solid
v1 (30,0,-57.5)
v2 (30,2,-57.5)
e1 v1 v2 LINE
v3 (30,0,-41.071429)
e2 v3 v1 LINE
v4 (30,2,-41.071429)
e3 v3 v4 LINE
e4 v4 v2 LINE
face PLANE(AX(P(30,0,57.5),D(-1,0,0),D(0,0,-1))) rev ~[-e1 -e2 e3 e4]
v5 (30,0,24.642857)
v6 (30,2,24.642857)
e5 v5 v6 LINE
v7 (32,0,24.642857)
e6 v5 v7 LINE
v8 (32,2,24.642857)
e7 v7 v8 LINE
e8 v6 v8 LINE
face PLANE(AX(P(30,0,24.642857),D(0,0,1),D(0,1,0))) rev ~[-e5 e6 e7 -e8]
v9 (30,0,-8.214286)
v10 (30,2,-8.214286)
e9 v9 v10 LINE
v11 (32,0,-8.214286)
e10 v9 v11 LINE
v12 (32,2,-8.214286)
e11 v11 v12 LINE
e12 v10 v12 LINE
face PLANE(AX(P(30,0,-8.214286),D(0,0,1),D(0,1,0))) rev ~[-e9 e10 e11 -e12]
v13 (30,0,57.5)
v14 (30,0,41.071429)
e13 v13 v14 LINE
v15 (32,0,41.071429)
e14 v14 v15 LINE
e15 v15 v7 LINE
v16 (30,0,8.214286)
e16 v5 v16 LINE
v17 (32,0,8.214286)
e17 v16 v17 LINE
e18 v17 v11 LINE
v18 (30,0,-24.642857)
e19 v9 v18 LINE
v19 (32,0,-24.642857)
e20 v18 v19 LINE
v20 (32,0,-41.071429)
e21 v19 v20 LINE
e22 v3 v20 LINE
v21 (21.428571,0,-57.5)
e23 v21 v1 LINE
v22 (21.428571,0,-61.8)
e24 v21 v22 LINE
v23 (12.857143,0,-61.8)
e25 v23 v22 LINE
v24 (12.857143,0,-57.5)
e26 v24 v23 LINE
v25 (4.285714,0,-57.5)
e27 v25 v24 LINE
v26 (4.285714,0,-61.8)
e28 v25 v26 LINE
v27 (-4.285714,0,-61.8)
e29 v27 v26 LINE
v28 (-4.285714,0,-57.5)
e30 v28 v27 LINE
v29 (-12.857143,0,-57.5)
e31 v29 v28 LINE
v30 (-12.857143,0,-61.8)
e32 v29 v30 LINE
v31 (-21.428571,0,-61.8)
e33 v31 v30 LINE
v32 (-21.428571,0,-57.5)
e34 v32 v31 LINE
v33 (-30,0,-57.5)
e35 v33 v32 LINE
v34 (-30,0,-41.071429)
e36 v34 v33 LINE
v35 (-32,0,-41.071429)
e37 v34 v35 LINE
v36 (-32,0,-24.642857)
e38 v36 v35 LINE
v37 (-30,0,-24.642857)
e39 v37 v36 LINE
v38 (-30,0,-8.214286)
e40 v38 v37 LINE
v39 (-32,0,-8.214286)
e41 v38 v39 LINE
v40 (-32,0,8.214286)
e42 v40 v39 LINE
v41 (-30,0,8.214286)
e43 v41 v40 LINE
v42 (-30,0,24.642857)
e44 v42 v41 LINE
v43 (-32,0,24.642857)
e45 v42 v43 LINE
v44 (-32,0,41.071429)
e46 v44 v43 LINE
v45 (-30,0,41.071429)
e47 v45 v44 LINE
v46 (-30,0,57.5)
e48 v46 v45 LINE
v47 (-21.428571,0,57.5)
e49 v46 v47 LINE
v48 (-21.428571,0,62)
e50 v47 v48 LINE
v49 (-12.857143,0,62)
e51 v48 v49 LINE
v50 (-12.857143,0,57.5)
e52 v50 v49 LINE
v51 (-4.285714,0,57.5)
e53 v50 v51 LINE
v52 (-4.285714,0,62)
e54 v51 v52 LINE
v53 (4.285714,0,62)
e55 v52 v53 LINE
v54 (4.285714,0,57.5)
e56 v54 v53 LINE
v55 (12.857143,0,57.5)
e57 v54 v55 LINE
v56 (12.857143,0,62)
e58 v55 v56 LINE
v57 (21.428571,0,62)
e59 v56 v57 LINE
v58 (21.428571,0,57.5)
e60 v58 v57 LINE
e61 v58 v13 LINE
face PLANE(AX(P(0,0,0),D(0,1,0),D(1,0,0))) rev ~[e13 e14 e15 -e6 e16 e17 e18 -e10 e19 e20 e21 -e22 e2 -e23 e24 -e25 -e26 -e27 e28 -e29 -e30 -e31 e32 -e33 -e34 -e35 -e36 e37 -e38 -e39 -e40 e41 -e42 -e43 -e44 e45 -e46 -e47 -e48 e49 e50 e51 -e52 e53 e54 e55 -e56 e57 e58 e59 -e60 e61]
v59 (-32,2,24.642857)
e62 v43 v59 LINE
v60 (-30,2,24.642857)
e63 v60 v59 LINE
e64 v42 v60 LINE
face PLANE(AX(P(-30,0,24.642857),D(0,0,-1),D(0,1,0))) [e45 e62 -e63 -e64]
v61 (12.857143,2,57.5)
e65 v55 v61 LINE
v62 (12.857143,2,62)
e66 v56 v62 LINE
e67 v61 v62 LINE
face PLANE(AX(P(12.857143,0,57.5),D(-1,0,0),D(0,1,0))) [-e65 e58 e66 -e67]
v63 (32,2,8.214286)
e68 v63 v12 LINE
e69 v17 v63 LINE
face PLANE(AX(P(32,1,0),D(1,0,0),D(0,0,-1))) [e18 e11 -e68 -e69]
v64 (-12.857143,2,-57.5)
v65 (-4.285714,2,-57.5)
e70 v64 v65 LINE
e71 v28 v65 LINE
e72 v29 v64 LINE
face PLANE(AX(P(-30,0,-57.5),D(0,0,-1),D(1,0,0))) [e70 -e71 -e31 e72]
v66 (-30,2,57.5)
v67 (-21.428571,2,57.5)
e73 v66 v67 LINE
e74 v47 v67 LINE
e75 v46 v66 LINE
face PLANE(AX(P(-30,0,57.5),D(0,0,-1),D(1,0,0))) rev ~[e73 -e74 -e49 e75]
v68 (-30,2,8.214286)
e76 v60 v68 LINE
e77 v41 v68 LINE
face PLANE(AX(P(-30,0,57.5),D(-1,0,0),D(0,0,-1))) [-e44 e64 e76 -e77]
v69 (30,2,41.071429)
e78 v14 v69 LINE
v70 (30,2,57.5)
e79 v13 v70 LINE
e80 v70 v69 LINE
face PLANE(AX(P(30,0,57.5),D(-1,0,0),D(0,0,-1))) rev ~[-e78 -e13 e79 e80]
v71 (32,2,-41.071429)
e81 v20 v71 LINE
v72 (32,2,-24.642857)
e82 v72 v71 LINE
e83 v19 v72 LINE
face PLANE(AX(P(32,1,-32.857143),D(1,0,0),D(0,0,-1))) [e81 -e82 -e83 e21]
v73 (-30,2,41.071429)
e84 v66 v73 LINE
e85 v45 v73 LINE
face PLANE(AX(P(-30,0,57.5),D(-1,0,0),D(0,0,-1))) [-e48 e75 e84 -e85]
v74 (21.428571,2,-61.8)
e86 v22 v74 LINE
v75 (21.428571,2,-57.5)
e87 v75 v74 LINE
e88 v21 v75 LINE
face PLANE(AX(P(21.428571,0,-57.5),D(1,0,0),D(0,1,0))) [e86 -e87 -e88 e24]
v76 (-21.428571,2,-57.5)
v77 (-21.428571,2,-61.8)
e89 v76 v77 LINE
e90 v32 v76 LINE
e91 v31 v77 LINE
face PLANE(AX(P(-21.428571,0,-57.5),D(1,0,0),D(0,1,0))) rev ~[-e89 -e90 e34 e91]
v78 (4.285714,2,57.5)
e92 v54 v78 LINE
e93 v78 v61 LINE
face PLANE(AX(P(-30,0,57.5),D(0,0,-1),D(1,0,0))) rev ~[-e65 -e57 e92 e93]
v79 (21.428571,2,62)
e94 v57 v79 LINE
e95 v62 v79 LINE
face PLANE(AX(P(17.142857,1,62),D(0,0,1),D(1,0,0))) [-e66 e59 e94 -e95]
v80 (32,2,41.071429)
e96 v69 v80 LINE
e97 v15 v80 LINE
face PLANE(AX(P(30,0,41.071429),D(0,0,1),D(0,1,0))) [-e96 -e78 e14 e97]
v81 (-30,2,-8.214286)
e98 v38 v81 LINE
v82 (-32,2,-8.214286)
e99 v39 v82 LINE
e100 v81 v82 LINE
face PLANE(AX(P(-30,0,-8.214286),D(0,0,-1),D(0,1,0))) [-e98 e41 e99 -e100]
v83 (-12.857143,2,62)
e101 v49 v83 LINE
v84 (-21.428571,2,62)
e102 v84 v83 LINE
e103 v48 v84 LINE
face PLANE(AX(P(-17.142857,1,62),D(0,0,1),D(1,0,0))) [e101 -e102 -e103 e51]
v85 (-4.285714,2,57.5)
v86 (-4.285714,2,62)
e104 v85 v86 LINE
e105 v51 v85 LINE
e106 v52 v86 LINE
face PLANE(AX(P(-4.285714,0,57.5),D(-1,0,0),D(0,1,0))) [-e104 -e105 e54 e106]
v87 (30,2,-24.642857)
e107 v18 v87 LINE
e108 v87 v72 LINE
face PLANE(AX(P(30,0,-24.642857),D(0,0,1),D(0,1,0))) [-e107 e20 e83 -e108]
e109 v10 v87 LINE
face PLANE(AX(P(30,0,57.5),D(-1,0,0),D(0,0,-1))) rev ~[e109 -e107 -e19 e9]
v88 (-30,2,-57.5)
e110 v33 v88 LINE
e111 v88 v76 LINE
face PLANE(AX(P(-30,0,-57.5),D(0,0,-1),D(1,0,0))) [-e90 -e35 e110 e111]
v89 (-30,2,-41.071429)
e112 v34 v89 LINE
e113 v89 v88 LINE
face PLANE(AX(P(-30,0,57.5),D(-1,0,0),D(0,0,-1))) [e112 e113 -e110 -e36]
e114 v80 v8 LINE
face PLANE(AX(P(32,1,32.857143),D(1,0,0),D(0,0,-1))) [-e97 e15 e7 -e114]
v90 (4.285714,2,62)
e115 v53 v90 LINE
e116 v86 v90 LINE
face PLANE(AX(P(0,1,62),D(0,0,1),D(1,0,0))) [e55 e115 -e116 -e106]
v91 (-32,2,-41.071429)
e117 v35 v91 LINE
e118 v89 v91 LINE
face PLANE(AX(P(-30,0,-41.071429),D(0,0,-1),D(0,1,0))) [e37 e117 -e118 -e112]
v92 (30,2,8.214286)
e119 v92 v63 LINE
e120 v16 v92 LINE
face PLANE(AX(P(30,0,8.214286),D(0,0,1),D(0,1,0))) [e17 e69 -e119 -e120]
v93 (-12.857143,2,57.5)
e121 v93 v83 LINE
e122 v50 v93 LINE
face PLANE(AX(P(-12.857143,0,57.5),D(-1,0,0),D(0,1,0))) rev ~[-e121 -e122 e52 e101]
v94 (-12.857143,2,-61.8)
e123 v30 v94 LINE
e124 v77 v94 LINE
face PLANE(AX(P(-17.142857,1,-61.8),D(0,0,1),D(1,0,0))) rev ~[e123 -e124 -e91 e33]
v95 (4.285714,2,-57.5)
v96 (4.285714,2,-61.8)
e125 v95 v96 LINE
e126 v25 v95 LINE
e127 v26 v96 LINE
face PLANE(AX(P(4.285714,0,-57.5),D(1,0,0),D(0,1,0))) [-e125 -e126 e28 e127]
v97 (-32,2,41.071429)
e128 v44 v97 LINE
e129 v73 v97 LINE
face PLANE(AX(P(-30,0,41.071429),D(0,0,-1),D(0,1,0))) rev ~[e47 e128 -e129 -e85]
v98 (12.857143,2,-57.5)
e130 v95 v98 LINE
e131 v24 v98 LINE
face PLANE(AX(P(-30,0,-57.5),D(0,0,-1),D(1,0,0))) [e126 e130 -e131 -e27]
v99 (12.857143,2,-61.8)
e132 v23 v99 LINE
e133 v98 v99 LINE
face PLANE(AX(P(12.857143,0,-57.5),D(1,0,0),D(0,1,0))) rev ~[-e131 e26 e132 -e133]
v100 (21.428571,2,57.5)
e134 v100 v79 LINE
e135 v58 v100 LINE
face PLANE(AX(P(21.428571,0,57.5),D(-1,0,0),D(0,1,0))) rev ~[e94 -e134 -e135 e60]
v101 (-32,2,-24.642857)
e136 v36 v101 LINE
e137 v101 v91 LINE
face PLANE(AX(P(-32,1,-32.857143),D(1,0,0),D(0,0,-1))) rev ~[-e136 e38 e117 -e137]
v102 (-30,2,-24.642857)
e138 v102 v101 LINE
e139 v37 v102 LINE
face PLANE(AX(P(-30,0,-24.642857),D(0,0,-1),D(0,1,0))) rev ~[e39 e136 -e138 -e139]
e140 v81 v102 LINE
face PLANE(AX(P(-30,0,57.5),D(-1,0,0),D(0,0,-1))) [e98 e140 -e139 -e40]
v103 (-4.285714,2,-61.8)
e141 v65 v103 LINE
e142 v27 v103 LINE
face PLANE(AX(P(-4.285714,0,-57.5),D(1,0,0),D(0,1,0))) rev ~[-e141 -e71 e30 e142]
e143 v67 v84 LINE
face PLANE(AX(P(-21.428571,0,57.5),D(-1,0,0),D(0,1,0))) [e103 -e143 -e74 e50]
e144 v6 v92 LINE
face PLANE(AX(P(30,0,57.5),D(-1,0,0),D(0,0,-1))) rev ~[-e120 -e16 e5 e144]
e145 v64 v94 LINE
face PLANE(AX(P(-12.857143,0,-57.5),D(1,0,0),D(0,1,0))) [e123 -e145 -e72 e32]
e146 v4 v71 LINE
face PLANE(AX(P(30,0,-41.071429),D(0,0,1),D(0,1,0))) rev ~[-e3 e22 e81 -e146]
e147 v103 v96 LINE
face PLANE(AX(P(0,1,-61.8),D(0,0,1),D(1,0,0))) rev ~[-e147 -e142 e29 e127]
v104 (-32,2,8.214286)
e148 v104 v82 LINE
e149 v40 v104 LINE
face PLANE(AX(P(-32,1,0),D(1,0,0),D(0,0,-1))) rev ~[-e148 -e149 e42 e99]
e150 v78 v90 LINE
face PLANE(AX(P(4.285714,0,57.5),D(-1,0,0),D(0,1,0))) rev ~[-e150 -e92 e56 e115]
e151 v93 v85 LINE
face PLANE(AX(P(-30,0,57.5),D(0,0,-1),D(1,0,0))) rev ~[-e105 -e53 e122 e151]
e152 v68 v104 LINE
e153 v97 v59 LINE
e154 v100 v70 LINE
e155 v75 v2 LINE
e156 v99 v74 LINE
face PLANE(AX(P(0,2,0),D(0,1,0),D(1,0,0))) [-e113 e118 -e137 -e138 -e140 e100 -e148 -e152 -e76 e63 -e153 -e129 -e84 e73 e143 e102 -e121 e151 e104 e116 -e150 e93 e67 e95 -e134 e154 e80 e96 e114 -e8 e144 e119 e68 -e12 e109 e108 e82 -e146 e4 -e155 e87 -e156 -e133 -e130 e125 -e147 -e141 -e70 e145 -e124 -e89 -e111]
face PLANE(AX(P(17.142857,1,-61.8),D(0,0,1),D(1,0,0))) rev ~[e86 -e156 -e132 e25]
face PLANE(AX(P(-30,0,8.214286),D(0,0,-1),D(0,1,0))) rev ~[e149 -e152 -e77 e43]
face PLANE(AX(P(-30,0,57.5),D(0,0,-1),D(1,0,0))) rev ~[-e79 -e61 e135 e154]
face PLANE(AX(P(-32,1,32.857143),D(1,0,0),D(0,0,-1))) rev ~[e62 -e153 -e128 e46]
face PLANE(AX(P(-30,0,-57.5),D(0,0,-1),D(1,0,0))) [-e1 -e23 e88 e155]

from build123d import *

# Parameters (mm, degrees)
SKETCH_4_W      = 60
SKETCH_4_H      = 115
EXTRUDE_1_DEPTH = 2
SKETCH_5_W      = 8.571428572
SKETCH_5_H      = 2
EXTRUDE_2_DEPTH = 4.5
EXTRUDE_START   = -115
SKETCH_5_3_W    = 8.571428572
SKETCH_5_3_H    = 2
EXTRUDE_3_DEPTH = 4.3
SKETCH_6_W      = 16.428571428
SKETCH_6_H      = 2
EXTRUDE_4_DEPTH = 2
EXTRUDE_START_2 = -60
SKETCH_6_2_W    = 16.428571428
SKETCH_6_2_H    = 2
EXTRUDE_5_DEPTH = 2


with BuildPart() as part:
    # 草图4 → 凸台-拉伸1 (new body)
    with BuildSketch(Plane(origin=(0, 0, 0), x_dir=(1, 0, 0), z_dir=(0, 1, 0))):
        Rectangle(SKETCH_4_W, SKETCH_4_H)
    extrude(amount=EXTRUDE_1_DEPTH)

    # 草图5 → 凸台-拉伸2 (add)
    with BuildSketch(Plane.XY.offset(57.5)):
        with Locations((17.142857143, 1)):
            Rectangle(SKETCH_5_W, SKETCH_5_H)
        with Locations((0, 1)):
            Rectangle(SKETCH_5_W, SKETCH_5_H)
        with Locations((-17.142857143, 1)):
            Rectangle(SKETCH_5_W, SKETCH_5_H)
    extrude(amount=EXTRUDE_2_DEPTH)

    # 草图5<3> → 凸台-拉伸3 (add)
    with BuildSketch(Plane.XY.offset(57.5).offset(EXTRUDE_START)):
        with Locations((17.142857143, 1)):
            Rectangle(SKETCH_5_3_W, SKETCH_5_3_H)
        with Locations((0, 1)):
            Rectangle(SKETCH_5_3_W, SKETCH_5_3_H)
        with Locations((-17.142857143, 1)):
            Rectangle(SKETCH_5_3_W, SKETCH_5_3_H)
    extrude(amount=-EXTRUDE_3_DEPTH)

    # 草图6 → 凸台-拉伸4 (add)
    with BuildSketch(Plane(origin=(30, 0, 0), x_dir=(0, 0, -1), z_dir=(1, 0, 0))):
        with Locations((-32.857142857, 1)):
            Rectangle(SKETCH_6_W, SKETCH_6_H)
        with Locations((0, 1)):
            Rectangle(SKETCH_6_W, SKETCH_6_H)
        with Locations((32.857142857, 1)):
            Rectangle(SKETCH_6_W, SKETCH_6_H)
    extrude(amount=EXTRUDE_4_DEPTH)

    # 草图6<2> → 凸台-拉伸5 (add)
    with BuildSketch(Plane(origin=(30, 0, 0), x_dir=(0, 0, -1), z_dir=(1, 0, 0)).offset(EXTRUDE_START_2)):
        with Locations((-32.857142857, 1)):
            Rectangle(SKETCH_6_2_W, SKETCH_6_2_H)
        with Locations((0, 1)):
            Rectangle(SKETCH_6_2_W, SKETCH_6_2_H)
        with Locations((32.857142857, 1)):
            Rectangle(SKETCH_6_2_W, SKETCH_6_2_H)
    extrude(amount=-EXTRUDE_5_DEPTH)


solid = part.part
